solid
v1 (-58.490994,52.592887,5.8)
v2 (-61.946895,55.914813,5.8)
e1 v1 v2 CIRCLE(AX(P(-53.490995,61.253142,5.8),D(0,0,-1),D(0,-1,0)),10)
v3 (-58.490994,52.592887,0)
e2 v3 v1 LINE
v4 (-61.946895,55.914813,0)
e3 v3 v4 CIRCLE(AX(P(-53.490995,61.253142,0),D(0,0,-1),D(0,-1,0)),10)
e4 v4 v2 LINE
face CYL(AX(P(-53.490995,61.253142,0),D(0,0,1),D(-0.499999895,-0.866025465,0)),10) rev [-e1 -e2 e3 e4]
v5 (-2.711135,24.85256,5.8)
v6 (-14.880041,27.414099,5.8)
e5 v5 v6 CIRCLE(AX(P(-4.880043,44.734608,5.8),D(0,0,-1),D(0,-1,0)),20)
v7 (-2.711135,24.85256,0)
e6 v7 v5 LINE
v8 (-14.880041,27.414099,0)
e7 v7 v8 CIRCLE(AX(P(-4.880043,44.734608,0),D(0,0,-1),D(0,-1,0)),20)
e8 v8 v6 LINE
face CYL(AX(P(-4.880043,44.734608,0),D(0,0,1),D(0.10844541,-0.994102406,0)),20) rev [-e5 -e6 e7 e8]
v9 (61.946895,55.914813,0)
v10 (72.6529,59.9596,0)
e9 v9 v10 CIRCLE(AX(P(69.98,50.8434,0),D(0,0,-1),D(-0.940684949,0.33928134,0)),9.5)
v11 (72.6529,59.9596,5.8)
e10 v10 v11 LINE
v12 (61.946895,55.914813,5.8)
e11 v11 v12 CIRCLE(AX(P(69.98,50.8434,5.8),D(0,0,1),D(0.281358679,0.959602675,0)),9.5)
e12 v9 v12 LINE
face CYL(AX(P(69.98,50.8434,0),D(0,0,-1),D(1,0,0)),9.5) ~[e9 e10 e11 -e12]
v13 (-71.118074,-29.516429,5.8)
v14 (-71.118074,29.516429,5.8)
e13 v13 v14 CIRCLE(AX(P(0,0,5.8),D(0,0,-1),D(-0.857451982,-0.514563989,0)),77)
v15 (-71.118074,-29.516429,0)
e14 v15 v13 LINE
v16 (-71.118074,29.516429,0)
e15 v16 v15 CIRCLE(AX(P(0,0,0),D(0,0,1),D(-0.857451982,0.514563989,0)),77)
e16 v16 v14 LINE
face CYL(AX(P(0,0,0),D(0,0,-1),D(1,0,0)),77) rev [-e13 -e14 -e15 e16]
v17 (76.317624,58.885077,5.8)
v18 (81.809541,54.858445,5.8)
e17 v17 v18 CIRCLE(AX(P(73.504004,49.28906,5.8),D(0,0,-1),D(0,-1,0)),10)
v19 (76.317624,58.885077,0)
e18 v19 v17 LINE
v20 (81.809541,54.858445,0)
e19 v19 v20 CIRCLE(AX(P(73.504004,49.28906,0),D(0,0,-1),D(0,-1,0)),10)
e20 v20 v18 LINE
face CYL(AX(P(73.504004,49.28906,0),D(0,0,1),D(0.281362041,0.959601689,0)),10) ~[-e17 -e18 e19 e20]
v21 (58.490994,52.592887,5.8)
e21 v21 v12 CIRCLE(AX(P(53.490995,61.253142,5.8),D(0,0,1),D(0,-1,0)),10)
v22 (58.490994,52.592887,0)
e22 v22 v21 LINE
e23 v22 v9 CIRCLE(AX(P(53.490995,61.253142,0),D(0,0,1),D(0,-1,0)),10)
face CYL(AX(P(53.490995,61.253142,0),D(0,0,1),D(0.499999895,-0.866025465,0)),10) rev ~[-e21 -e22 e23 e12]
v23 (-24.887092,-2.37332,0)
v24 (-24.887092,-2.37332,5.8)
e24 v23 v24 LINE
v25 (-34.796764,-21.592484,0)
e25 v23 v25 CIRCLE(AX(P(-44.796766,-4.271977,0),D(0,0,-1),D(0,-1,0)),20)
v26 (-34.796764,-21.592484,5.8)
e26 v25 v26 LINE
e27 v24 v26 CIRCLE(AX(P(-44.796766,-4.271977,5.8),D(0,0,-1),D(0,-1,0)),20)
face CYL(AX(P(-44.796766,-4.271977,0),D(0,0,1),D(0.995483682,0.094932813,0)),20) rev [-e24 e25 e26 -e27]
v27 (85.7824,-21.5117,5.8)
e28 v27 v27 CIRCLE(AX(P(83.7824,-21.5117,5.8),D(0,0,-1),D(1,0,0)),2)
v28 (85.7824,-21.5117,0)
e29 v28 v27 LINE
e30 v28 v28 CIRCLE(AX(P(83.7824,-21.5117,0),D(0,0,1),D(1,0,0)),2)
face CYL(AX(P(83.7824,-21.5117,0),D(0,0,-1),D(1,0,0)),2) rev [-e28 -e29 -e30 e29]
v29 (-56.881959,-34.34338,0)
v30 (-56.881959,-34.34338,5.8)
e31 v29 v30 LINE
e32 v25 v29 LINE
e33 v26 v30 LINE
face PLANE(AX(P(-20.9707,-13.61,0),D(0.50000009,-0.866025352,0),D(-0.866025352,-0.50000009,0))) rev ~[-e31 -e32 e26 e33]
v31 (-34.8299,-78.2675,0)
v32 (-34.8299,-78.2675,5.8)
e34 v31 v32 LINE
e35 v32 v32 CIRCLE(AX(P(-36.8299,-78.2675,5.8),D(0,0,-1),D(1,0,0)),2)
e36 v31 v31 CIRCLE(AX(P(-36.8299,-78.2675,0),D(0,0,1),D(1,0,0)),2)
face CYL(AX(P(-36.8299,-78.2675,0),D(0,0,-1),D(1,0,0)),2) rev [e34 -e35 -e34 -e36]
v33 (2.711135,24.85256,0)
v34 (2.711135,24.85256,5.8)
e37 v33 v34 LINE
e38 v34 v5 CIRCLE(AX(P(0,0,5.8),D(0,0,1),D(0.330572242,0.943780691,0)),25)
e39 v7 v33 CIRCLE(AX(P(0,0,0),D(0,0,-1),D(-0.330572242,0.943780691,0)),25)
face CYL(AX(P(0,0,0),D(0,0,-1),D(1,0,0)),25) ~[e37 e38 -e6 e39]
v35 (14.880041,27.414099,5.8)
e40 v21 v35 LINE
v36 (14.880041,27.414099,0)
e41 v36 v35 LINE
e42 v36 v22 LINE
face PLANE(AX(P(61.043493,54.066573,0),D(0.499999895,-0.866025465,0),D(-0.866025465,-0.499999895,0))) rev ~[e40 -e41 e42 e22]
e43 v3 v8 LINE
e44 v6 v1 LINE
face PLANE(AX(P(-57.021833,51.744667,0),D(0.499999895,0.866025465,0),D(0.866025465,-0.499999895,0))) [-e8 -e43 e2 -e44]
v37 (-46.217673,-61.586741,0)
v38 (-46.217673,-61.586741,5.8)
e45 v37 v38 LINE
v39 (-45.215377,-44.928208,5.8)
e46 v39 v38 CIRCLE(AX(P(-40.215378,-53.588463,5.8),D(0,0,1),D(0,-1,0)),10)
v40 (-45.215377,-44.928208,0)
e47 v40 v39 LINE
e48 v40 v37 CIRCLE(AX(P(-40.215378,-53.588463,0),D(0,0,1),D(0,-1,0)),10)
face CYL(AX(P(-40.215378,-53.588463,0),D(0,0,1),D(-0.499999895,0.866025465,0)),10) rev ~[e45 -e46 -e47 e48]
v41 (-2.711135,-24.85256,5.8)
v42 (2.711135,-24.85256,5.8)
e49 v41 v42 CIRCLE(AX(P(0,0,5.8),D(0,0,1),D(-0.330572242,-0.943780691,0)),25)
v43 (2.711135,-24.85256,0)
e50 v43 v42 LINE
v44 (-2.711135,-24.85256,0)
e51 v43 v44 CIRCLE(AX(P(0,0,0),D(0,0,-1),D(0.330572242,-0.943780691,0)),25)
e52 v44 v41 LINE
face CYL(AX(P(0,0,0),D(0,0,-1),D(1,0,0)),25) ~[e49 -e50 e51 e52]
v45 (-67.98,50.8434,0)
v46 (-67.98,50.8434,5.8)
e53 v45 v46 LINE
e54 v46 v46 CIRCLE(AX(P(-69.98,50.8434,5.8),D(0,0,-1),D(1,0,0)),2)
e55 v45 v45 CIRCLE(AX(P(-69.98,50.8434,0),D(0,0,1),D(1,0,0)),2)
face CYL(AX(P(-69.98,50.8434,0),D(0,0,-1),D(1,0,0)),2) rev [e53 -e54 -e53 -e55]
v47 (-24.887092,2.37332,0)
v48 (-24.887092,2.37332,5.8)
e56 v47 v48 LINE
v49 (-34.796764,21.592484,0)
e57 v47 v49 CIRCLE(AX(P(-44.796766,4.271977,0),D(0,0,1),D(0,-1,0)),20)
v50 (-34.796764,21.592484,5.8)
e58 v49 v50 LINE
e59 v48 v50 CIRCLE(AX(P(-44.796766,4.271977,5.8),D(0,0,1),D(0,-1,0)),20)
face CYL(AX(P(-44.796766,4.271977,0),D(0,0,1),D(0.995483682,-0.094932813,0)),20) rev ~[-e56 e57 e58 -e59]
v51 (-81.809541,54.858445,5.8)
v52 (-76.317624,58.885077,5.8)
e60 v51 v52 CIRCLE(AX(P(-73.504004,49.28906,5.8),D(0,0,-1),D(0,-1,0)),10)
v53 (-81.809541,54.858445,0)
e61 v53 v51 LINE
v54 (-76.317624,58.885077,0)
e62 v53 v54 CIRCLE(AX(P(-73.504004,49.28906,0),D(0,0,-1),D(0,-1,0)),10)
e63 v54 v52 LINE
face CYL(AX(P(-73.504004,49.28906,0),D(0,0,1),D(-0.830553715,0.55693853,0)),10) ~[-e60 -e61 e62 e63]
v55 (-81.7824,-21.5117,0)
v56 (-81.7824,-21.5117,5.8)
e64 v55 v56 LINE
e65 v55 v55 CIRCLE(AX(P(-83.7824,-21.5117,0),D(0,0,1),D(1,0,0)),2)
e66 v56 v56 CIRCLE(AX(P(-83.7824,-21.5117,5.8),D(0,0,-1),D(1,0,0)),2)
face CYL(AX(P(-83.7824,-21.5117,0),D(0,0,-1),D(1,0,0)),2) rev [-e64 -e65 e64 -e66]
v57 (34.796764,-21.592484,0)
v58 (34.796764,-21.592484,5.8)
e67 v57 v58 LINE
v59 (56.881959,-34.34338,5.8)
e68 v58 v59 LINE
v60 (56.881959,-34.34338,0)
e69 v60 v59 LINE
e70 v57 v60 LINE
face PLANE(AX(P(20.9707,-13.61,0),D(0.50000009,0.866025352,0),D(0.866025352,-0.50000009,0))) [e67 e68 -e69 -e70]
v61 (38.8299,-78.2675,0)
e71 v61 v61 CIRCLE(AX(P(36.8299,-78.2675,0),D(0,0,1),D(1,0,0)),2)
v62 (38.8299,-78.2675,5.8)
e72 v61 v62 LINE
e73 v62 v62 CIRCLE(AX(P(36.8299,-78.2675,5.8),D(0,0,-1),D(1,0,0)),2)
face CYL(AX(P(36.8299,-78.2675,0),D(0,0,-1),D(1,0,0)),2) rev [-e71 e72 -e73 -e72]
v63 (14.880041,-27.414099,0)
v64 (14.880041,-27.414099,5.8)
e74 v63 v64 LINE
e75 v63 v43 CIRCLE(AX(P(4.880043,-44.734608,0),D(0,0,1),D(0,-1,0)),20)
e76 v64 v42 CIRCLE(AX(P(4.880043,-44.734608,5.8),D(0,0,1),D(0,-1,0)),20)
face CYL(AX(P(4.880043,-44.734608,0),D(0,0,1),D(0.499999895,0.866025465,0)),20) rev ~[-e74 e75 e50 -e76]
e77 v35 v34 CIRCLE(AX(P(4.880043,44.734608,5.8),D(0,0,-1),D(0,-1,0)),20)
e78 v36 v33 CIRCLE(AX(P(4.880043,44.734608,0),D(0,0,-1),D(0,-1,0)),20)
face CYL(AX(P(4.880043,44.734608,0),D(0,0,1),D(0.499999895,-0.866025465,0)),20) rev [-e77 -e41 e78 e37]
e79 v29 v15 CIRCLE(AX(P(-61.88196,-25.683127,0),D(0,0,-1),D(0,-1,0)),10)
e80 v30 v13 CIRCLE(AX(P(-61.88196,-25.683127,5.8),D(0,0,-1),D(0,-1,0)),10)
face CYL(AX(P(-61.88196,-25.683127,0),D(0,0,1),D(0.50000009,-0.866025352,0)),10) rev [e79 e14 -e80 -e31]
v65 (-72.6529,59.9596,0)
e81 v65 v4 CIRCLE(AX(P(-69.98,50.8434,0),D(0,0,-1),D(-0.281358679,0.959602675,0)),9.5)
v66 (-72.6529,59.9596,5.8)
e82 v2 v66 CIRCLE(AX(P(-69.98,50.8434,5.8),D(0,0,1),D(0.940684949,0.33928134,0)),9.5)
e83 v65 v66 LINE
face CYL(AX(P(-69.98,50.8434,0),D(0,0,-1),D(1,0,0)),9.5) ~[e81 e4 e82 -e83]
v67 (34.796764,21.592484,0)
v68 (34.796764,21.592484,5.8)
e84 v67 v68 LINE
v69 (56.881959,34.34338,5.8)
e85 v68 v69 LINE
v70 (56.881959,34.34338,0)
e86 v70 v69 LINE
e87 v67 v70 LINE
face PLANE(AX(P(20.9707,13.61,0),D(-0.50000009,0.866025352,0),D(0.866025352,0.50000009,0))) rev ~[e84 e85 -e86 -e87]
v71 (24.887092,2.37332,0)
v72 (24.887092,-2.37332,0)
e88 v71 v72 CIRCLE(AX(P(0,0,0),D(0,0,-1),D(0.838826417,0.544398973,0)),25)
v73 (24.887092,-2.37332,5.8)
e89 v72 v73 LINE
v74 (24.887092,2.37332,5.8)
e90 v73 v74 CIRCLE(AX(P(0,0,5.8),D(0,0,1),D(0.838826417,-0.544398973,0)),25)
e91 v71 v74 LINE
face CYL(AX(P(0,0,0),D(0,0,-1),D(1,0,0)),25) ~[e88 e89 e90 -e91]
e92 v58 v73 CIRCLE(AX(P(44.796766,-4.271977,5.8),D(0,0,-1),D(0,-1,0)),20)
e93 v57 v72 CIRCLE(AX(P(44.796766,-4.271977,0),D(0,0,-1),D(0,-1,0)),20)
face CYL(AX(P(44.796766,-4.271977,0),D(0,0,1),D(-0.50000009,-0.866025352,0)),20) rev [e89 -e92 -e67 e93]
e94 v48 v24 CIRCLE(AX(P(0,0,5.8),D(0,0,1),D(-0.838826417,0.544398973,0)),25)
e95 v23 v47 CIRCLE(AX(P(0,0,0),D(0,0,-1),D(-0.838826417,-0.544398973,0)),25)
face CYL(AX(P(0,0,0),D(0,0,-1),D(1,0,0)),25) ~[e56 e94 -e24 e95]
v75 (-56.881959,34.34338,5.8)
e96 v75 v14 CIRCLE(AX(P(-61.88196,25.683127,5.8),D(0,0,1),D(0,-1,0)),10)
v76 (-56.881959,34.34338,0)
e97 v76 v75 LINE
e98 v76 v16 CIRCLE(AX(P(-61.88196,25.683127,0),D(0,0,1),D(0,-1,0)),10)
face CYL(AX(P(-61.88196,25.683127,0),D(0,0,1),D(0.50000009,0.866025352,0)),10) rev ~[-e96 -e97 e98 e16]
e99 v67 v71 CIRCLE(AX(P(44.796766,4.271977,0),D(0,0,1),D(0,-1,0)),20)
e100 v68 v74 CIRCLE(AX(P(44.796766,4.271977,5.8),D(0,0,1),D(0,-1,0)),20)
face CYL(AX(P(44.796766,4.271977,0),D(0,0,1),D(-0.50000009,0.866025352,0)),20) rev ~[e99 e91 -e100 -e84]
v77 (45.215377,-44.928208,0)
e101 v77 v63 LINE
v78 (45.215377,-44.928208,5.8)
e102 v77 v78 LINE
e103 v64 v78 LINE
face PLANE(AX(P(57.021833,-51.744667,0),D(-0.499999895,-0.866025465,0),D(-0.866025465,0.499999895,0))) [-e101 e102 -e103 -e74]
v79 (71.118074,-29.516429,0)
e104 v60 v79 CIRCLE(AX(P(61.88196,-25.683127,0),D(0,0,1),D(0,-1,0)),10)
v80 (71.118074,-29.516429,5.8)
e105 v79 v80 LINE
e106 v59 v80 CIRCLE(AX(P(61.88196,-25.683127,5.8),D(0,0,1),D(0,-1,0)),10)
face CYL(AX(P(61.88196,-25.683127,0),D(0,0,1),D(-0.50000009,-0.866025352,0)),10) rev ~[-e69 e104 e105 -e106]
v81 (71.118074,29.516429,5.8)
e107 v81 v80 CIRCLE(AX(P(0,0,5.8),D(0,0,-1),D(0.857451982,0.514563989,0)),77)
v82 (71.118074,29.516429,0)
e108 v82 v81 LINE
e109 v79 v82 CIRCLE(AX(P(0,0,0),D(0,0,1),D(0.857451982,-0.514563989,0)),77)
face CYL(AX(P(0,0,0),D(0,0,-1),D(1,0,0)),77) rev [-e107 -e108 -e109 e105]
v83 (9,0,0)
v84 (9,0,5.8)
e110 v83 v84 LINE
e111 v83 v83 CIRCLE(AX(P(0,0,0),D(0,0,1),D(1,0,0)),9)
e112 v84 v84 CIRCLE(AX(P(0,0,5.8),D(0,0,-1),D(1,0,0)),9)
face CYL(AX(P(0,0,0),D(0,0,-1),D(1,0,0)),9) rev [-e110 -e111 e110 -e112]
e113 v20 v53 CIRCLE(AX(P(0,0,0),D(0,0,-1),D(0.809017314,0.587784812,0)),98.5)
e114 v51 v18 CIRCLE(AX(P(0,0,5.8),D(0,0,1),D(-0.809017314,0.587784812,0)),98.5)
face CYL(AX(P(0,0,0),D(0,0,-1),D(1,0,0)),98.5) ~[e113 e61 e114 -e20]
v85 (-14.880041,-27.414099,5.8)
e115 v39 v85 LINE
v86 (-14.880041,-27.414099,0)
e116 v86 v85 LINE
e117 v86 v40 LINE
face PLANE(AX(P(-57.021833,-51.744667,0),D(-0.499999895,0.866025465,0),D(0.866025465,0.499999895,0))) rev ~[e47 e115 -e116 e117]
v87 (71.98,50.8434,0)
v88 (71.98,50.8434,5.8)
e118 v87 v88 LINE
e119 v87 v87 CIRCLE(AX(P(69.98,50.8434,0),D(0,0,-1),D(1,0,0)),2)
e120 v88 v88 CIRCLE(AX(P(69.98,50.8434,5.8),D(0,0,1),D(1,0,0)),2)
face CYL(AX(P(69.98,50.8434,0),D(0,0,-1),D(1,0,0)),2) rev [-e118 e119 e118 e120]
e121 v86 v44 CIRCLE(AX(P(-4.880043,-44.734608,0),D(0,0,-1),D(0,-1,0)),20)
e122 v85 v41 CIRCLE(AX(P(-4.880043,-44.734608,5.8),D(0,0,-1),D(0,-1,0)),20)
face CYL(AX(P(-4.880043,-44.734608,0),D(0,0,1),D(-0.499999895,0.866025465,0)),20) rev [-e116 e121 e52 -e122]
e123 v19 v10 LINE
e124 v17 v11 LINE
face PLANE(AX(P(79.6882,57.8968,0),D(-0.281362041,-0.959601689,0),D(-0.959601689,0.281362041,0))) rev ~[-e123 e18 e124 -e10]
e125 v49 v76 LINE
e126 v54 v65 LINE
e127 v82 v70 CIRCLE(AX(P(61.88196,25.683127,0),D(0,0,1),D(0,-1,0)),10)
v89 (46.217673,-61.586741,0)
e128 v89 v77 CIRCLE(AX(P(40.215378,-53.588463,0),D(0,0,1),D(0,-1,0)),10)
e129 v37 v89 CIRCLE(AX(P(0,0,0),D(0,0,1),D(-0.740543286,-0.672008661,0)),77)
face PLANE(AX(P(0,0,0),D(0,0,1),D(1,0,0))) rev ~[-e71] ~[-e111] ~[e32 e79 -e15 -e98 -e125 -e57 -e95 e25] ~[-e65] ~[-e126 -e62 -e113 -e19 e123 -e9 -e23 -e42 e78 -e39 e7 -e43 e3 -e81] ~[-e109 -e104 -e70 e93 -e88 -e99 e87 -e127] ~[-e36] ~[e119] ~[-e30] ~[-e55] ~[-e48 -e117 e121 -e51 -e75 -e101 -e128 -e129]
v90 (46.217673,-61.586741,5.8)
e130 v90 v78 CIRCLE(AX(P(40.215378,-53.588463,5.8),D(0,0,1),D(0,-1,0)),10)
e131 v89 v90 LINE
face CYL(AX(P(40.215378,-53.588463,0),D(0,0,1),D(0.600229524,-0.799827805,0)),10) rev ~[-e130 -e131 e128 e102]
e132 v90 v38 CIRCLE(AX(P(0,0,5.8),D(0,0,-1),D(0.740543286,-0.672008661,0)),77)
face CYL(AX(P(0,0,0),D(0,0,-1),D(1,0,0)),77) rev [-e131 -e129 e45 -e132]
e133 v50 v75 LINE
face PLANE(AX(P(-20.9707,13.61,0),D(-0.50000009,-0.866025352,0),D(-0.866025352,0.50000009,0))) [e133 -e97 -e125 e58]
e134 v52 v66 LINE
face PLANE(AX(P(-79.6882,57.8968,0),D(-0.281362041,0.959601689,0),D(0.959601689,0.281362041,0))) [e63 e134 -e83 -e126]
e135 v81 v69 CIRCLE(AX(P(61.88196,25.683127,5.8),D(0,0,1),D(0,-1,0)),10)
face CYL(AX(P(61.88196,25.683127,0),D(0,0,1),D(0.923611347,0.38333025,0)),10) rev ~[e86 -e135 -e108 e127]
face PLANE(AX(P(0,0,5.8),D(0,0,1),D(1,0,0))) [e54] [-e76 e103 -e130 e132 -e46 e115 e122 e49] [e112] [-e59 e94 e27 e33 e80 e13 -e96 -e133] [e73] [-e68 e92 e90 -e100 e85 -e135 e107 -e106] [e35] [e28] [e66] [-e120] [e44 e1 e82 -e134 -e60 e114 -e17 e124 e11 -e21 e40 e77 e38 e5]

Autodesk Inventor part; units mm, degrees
ref_plane "YZ Plane" through (0, 0, 0) normal (1, 0, 0) x (0, 1, 0)
ref_plane "XZ Plane" through (0, 0, 0) normal (0, 1, 0) x (-1, 0, 0)
ref_plane "XY Plane" through (0, 0, 0) normal (0, 0, 1) x (1, 0, 0)
sketch "スケッチ1" plane through (0, 0, 0) normal (0, 0, 1) x (1, 0, 0)
  circle A0 centre (69, 50) radius 2
  circle A1 centre (0, 0) radius 9
  circle A2 centre (0, 0) radius 25
  circle A3 centre (69, 50) radius 7.5
  line L0 (65.25, 56.4952) -> (8.2643, 23.5945)
  line L1 (0, 25) -> (0, -25)
  line L2 (-25, 0) -> (25, 0)
  line L3 (20.9707, 13.61) -> (72.75, 43.5048)
  circle A4 centre (69, -50) radius 2
  circle A5 centre (69, -50) radius 7.5
  line L4 (65.25, -56.4952) -> (8.2643, -23.5945)
  line L5 (20.9707, -13.61) -> (72.75, -43.5048)
  circle A6 centre (-69, 50) radius 2
  circle A7 centre (-69, 50) radius 7.5
  line L6 (-65.25, 56.4952) -> (-8.2643, 23.5945)
  line L7 (-20.9707, 13.61) -> (-72.75, 43.5048)
  line L8 (-65.25, -56.4952) -> (-8.2643, -23.5945)
  circle A8 centre (-69, -50) radius 7.5
  circle A9 centre (-69, -50) radius 2
  line L9 (-20.9707, -13.61) -> (-72.75, -43.5048)
  circle A10 centre (0, 0) radius 77
  circle A11 centre (0, 0) radius 86.5
  circle A12 centre (0, 0) radius 98.5
  line L10 (0, 0) -> (79.6882, 57.8968)
  line L11 (0, 0) -> (95.4054, -24.496)
  line L12 (0, 0) -> (41.9393, -89.1255)
  line L13 (0, 0) -> (-79.6882, 57.8968)
  line L14 (0, 0) -> (-95.4054, -24.496)
  line L15 (0, 0) -> (-41.9393, -89.1255)
  circle A13 centre (69.98, 50.8434) radius 2
  circle A14 centre (83.7824, -21.5117) radius 2
  circle A15 centre (36.8299, -78.2675) radius 2
  circle A16 centre (69.98, 50.8434) radius 9.5
  circle A17 centre (-69.98, 50.8434) radius 2
  circle A18 centre (-83.7824, -21.5117) radius 2
  circle A19 centre (-36.8299, -78.2675) radius 2
  circle A20 centre (-69.98, 50.8434) radius 9.5
  line L16 (-79.6882, 57.8968) -> (-72.6529, 59.9596)
  line L17 (79.6882, 57.8968) -> (72.6529, 59.9596)
  point P0 (-8.2643, 23.5945)
  point P1 (-8.2643, -23.5945)
  point P2 (8.2643, -23.5945)
  point P3 (66.0238, -39.6214)
  point P4 (57.0218, -51.7447)
  point P5 (-57.0218, -51.7447)
  point P6 (-66.0238, -39.6214)
  point P7 (-66.0238, 39.6214)
  point P8 (-57.0218, 51.7447)
  point P9 (-62.2943, 45.2595)
  point P10 (-77.6656, 56.4274)
  point P11 (77.6656, 56.4274)
  point P12 (62.2943, 45.2595)
  point P13 (57.0218, 51.7447)
  point P14 (66.0238, 39.6214)
  point P15 (-61.0434, 54.0665)
  point P16 (61.0434, 54.0665)
  point P17 (69.0803, 41.3861)
  point P18 (-69.0803, 41.3861)
  point P19 (-12.1615, -25.8445)
  point P20 (-10.6445, -22.6207)
  point P21 (10.6445, -22.6207)
  point P22 (12.1615, -25.8445)
  dimension "d19" = 19
  dimension "d0" = 4
  dimension "d1" = 50
  dimension "d2" = 69
  dimension "d3" = 18
  dimension "d4" = 50
  dimension "d5" = 15
  dimension "d6" = 30
  dimension "d10" = 154
  dimension "d11" = 173
  dimension "d12" = 197
  dimension "d13" = 54
  dimension "d14" = 50.4
  dimension "d15" = 50.4
  dimension "d16" = 4
  dimension "d17" = 4
  dimension "d18" = 4
extrude "押し出し1" add sketch "スケッチ1" along normal blind 5.8 contours A13 A11 A3 L10 | L10 A3 A11 A13 | A13 A11 A3 L10 A0 | A0 L10 A13 | A13 L10 A0 | A0 L10 A3 A11 A13 | L10 A16 A11 A3 | A3 A11 A16 L10 | A11 A16 L3 A3 | A3 L0 A16 A11 | A16 L17 L10 | L10 A12 L11 A14 A11 A16 | L10 A16 L0 A3 | A3 L3 A16 L10 | A11 A14 L11 A10 L3 A16 | A16 L3 A10 | L10 A2 L0 A10 | A10 L3 A2 L10 | A10 L0 A16 | A20 L6 A7 A11 | A11 A7 L13 A20 | L13 A20 A11 A18 L14 A12 | L16 A20 L13 | L10 A1 L1 A2 | A2 L2 A1 L10 | A11 A17 L13 A7 | A7 L13 A6 A17 A11 | A20 L13 A7 L6 | L6 A10 A20 | A12 L12 A15 A11 A5 A14 L11 | L14 A18 A11 A8 A19 L15 A12 | L13 A7 A11 A20 | L6 A2 L13 A10 | A14 A11 A5 L5 A10 L11 | L13 A17 A11 A7 | A12 L15 A19 A11 A15 L12 | A20 L7 A10 L14 A18 A11 | A11 A7 L7 A20 | A2 L11 A1 L2 | L1 A1 L13 A2 | L13 A2 L7 A10 | A20 L7 A7 L13 | A10 L7 A20 | A11 A17 A6 L13 A7 | A6 L13 A17 | A18 L14 A10 L9 A8 A11 | A2 L12 A1 L11 | A10 L4 L12 A2 L5 | L5 A5 L4 A10 | L13 A1 L2 A2 | L1 A2 L15 A1 | A1 L12 A2 L1 | A1 L14 A2 L2 | A1 L15 A2 L14 | A11 A4 A5 | A5 A11 A4 | A11 A19 L15 A10 L12 A15 | A11 A8 L8 A10 L15 A19 | A11 A9 A8 | A8 A11 A9 | L4 A5 A11 A15 L12 A10 | A6 A17 L13 | L12 L4 A2 | L15 L8 A10 L9 A2 | A2 L8 L15 | A11 A4 | A4 A11 | L9 A10 L8 A8 | A11 A9 | A9 A11
fillet "フィレット1" radius 20 8 edges at (-8.2643, 23.5945, 2.9) (8.2643, 23.5945, 2.9) (-8.2643, -23.5945, 2.9) (8.2643, -23.5945, 2.9) (-20.9707, -13.61, 2.9) (-20.9707, 13.61, 2.9) (20.9707, 13.61, 2.9) (20.9707, -13.61, 2.9)
fillet "フィレット2" radius 10 10 edges at (-61.0434, 54.0665, 2.9) (61.0434, 54.0665, 2.9) (66.0238, 39.6214, 2.9) (66.0238, -39.6214, 2.9) (57.0218, -51.7447, 2.9) (-57.0218, -51.7447, 2.9) (-66.0238, -39.6214, 2.9) (-66.0238, 39.6214, 2.9) (79.6882, 57.8968, 2.9) (-79.6882, 57.8968, 2.9)
equation "\"d15\" = d14"
properties part number "TH22_POM_X" material "ABS プラスチック"
